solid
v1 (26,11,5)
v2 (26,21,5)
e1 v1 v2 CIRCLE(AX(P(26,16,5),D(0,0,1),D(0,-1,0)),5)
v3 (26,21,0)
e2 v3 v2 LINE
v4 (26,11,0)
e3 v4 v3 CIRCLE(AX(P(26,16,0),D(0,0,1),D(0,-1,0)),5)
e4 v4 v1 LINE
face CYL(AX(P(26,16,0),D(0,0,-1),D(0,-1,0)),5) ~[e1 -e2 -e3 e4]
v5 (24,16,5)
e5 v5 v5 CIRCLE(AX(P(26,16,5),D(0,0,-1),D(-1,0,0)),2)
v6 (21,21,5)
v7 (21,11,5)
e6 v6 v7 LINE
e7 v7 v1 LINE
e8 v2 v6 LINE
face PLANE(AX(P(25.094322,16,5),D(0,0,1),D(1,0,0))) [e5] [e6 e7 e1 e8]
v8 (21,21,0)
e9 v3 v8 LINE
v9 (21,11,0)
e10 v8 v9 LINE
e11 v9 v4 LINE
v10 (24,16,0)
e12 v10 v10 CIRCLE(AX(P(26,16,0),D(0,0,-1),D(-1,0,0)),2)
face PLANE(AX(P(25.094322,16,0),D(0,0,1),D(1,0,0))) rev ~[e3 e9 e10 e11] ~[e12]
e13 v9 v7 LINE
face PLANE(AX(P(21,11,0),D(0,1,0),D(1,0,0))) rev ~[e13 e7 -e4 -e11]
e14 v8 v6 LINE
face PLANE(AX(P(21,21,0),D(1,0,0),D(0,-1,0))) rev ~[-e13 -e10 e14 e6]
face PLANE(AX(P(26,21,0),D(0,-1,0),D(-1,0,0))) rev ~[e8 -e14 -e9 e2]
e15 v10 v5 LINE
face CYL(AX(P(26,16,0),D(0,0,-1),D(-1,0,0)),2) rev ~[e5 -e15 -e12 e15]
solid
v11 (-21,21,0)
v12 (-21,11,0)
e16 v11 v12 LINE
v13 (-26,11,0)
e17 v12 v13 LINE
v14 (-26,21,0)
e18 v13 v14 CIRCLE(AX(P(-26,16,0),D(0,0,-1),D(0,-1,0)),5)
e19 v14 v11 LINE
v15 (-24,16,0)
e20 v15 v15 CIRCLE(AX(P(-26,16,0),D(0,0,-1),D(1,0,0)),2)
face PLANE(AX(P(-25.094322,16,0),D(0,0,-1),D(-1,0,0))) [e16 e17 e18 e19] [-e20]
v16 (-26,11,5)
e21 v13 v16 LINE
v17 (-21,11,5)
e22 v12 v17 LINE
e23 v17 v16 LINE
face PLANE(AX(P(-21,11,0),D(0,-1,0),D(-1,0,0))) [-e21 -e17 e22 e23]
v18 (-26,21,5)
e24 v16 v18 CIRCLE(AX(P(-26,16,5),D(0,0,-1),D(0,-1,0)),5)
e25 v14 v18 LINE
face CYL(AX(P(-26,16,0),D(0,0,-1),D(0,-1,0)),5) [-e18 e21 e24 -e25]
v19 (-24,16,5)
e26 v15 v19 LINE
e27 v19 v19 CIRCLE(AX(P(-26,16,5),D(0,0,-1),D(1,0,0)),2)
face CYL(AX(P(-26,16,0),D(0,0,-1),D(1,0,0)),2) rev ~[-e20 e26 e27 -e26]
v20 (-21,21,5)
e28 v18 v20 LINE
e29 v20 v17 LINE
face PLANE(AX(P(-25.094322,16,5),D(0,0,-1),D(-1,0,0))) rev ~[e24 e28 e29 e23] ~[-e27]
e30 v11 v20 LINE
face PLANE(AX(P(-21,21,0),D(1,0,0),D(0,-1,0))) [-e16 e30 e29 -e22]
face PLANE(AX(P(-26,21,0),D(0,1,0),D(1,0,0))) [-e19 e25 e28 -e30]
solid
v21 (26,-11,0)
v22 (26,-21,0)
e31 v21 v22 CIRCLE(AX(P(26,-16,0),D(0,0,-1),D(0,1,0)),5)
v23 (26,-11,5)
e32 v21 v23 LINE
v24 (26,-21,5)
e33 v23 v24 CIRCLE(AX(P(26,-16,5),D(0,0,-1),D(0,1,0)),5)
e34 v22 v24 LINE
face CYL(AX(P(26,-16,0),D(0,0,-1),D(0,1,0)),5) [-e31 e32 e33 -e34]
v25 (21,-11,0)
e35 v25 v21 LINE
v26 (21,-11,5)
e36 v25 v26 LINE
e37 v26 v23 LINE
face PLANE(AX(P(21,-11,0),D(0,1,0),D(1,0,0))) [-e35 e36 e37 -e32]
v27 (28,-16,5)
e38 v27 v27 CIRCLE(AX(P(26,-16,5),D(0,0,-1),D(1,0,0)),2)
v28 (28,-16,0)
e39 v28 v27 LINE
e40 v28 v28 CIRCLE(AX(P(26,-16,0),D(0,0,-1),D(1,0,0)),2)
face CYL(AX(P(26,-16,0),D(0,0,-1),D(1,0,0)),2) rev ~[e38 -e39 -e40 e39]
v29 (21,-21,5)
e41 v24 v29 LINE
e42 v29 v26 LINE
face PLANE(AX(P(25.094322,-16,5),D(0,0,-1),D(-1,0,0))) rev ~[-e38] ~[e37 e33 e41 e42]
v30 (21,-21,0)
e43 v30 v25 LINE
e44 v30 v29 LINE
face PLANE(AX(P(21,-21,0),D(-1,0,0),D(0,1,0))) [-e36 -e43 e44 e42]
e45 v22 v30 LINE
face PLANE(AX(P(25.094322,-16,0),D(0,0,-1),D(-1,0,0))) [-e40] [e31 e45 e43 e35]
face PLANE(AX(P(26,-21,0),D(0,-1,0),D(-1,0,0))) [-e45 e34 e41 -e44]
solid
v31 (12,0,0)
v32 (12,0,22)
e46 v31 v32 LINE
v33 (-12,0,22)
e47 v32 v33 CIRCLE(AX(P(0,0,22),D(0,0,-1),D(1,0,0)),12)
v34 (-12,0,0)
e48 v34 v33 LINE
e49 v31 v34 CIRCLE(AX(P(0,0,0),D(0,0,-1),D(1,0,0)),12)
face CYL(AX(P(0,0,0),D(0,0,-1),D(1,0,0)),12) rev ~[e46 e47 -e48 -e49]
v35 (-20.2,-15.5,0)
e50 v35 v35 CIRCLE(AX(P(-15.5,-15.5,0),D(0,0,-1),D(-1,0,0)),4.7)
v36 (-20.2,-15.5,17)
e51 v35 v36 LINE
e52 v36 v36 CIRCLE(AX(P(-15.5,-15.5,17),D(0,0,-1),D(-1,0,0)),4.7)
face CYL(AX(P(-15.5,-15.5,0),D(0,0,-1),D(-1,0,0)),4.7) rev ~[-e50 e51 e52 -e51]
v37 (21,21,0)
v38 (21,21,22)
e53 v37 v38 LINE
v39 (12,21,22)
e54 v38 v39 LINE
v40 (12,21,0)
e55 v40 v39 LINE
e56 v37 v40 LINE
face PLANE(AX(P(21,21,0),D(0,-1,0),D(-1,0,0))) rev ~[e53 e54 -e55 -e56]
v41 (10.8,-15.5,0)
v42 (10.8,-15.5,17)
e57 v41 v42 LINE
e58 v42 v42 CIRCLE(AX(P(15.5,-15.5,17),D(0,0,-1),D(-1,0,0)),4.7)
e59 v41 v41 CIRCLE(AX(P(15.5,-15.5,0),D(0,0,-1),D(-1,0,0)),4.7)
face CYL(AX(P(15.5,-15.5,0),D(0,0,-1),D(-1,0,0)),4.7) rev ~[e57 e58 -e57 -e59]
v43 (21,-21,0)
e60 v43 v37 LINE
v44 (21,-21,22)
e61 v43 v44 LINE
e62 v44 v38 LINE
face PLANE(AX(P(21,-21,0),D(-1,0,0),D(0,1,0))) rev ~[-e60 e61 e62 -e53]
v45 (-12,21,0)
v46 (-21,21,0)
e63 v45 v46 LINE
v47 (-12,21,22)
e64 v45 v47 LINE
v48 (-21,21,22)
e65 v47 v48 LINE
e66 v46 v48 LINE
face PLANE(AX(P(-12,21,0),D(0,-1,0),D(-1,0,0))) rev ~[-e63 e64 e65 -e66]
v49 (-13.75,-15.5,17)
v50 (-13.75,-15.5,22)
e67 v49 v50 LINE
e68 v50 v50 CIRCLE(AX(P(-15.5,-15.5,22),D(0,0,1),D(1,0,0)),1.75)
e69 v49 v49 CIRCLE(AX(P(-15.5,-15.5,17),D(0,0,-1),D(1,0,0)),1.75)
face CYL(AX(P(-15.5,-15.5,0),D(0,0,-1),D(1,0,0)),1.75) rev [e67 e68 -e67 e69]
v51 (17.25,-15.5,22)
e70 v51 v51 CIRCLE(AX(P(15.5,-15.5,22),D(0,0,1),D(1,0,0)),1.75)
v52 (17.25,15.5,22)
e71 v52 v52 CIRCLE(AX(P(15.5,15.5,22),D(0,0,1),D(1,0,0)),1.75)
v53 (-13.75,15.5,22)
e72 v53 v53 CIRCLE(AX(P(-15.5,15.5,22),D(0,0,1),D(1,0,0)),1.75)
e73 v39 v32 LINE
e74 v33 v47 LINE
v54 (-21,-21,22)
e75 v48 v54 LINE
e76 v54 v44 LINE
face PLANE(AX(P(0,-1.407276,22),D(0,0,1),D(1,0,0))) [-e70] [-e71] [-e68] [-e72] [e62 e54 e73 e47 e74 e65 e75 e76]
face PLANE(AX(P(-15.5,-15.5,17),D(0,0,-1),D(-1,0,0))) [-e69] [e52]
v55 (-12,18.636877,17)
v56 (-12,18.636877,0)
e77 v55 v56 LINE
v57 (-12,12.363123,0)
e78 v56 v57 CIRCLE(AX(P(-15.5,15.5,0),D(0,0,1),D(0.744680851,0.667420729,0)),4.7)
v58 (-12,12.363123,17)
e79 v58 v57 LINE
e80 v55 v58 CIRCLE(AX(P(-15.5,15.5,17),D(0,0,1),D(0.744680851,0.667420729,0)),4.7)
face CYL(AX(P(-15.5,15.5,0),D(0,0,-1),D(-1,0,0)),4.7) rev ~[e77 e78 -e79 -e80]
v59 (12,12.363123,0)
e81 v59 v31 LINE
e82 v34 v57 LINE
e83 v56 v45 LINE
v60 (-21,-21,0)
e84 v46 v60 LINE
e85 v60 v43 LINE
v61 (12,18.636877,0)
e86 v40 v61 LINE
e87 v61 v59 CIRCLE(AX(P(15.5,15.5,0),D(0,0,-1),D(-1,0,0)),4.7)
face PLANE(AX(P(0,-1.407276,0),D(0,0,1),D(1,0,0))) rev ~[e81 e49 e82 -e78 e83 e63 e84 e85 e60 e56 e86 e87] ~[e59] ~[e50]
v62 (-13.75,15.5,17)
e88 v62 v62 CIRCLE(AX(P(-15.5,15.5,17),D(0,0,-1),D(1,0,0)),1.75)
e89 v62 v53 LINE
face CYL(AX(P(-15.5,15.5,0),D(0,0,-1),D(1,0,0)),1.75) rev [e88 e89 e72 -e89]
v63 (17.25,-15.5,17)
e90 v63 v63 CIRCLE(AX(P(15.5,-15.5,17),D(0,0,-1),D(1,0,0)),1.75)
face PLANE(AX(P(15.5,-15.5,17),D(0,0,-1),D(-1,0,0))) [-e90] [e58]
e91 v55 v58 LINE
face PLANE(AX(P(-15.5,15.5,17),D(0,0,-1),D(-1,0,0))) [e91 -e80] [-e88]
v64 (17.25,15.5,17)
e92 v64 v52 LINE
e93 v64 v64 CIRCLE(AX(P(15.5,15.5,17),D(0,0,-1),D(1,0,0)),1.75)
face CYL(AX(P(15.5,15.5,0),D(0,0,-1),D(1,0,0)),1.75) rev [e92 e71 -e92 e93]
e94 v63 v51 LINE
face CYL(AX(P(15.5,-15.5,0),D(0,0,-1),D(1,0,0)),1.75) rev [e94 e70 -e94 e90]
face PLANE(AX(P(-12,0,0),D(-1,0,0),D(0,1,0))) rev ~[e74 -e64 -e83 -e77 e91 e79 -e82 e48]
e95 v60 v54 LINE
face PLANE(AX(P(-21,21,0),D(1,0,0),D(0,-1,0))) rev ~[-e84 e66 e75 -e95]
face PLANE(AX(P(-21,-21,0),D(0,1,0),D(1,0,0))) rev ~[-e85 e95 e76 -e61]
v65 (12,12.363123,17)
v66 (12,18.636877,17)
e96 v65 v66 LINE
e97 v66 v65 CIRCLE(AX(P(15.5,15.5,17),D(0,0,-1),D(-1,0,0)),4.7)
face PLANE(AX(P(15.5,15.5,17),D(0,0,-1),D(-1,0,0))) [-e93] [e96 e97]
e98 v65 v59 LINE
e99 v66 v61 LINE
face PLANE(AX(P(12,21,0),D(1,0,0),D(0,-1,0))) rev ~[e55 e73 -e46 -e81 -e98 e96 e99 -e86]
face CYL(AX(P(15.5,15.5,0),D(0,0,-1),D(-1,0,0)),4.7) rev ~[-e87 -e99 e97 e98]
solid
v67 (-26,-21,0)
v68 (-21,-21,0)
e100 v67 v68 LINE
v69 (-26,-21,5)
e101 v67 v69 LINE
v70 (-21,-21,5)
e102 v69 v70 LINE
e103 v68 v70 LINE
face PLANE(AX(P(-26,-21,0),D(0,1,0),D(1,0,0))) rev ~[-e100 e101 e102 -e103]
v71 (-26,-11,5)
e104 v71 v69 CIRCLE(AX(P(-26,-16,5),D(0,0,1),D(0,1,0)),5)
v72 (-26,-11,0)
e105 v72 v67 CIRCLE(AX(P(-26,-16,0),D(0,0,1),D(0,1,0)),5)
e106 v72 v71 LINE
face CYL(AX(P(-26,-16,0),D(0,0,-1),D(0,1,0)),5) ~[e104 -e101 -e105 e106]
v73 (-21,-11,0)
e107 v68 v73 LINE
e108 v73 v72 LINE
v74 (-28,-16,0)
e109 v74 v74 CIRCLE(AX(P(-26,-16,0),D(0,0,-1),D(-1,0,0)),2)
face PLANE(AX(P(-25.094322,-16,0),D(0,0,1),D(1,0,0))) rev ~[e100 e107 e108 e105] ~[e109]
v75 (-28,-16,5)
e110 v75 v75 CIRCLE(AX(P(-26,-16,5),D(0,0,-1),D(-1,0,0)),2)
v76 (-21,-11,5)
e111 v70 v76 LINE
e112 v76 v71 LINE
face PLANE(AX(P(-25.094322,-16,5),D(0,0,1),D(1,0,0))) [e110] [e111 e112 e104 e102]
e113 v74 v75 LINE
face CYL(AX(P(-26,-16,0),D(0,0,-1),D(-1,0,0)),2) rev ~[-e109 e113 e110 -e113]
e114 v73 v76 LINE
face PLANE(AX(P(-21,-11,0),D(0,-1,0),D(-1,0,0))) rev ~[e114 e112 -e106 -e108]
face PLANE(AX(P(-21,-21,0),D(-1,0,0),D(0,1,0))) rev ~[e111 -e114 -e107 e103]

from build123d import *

# Parameters (mm, degrees)
ESBO_O1_R                  = 1.75
RESSALTO_EXTRUS_O1_DEPTH   = 22
ESBO_O2_R                  = 4.7
CORTE_EXTRUS_O1_DEPTH      = 17
ESBO_O4_R                  = 2
RESSALTO_EXTRUS_O2_DEPTH   = 5
RESSALTO_EXTRUS_O2_2_DEPTH = 5
RESSALTO_EXTRUS_O2_3_DEPTH = 5
RESSALTO_EXTRUS_O2_4_DEPTH = 5


with BuildPart() as part:
    # Esboço1 → Ressalto-extrusão1 (new body)
    with BuildSketch(Plane.XY):
        with BuildLine():
            Line((-12, 0), (-12, 21))
            Line((-12, 21), (-21, 21))
            Line((-21, 21), (-21, -21))
            Line((-21, -21), (21, -21))
            Line((21, -21), (21, 21))
            Line((21, 21), (12, 21))
            Line((12, 21), (12, 0))
            ThreePointArc((12, 0), (0, -12), (-12, 0))
        make_face()
        with Locations((-15.5, 15.5)):
            Circle(ESBO_O1_R, mode=Mode.SUBTRACT)
        with Locations((15.5, 15.5)):
            Circle(ESBO_O1_R, mode=Mode.SUBTRACT)
        with Locations((15.5, -15.5)):
            Circle(ESBO_O1_R, mode=Mode.SUBTRACT)
        with Locations((-15.5, -15.5)):
            Circle(ESBO_O1_R, mode=Mode.SUBTRACT)
    extrude(amount=RESSALTO_EXTRUS_O1_DEPTH)

    # Esboço2 → Corte-extrusão1 (cut)
    with BuildSketch(Plane(origin=(0, 0, 0), x_dir=(-1, 0, 0), z_dir=(0, 0, -1))):
        with Locations((-15.5, 15.5)):
            Circle(ESBO_O2_R)
        with Locations((15.5, 15.5)):
            Circle(ESBO_O2_R)
        with Locations((15.5, -15.5)):
            Circle(ESBO_O2_R)
        with Locations((-15.5, -15.5)):
            Circle(ESBO_O2_R)
    extrude(amount=-CORTE_EXTRUS_O1_DEPTH, mode=Mode.SUBTRACT)


with BuildPart() as body_2:
    # Esboço4 → Ressalto-extrusão2 (new body)
    with BuildSketch(Plane(origin=(0, 0, 0), x_dir=(-1, 0, 0), z_dir=(0, 0, -1))):
        with BuildLine():
            Line((-26, 21), (-21, 21))
            Line((-21, 21), (-21, 11))
            Line((-21, 11), (-26, 11))
            ThreePointArc((-26, 11), (-31, 16), (-26, 21))
        make_face()
        with Locations((-26, 16)):
            Circle(ESBO_O4_R, mode=Mode.SUBTRACT)
    extrude(amount=-RESSALTO_EXTRUS_O2_DEPTH)


with BuildPart() as body_3:
    # Esboço4 → Ressalto-extrus_o2 2 (new body)
    with BuildSketch(Plane(origin=(0, 0, 0), x_dir=(-1, 0, 0), z_dir=(0, 0, -1))):
        with BuildLine():
            Line((26, -21), (21, -21))
            Line((21, -21), (21, -11))
            Line((21, -11), (26, -11))
            ThreePointArc((26, -11), (31, -16), (26, -21))
        make_face()
        with Locations((26, -16)):
            Circle(ESBO_O4_R, mode=Mode.SUBTRACT)
    extrude(amount=-RESSALTO_EXTRUS_O2_2_DEPTH)


with BuildPart() as body_4:
    # Esboço4 → Ressalto-extrus_o2 3 (new body)
    with BuildSketch(Plane(origin=(0, 0, 0), x_dir=(-1, 0, 0), z_dir=(0, 0, -1))):
        with BuildLine():
            Line((-21, -21), (-21, -11))
            Line((-21, -11), (-26, -11))
            ThreePointArc((-26, -11), (-31, -16), (-26, -21))
            Line((-26, -21), (-21, -21))
        make_face()
        with Locations(Location((-26, -16, 0), (0, 0, 180))):
            Circle(ESBO_O4_R, mode=Mode.SUBTRACT)
    extrude(amount=-RESSALTO_EXTRUS_O2_3_DEPTH)


with BuildPart() as body_5:
    # Esboço4 → Ressalto-extrus_o2 4 (new body)
    with BuildSketch(Plane(origin=(0, 0, 0), x_dir=(-1, 0, 0), z_dir=(0, 0, -1))):
        with BuildLine():
            Line((21, 21), (21, 11))
            Line((21, 11), (26, 11))
            ThreePointArc((26, 11), (31, 16), (26, 21))
            Line((26, 21), (21, 21))
        make_face()
        with Locations(Location((26, 16, 0), (0, 0, 180))):
            Circle(ESBO_O4_R, mode=Mode.SUBTRACT)
    extrude(amount=-RESSALTO_EXTRUS_O2_4_DEPTH)


solid = Compound([part.part, body_2.part, body_3.part, body_4.part, body_5.part])
